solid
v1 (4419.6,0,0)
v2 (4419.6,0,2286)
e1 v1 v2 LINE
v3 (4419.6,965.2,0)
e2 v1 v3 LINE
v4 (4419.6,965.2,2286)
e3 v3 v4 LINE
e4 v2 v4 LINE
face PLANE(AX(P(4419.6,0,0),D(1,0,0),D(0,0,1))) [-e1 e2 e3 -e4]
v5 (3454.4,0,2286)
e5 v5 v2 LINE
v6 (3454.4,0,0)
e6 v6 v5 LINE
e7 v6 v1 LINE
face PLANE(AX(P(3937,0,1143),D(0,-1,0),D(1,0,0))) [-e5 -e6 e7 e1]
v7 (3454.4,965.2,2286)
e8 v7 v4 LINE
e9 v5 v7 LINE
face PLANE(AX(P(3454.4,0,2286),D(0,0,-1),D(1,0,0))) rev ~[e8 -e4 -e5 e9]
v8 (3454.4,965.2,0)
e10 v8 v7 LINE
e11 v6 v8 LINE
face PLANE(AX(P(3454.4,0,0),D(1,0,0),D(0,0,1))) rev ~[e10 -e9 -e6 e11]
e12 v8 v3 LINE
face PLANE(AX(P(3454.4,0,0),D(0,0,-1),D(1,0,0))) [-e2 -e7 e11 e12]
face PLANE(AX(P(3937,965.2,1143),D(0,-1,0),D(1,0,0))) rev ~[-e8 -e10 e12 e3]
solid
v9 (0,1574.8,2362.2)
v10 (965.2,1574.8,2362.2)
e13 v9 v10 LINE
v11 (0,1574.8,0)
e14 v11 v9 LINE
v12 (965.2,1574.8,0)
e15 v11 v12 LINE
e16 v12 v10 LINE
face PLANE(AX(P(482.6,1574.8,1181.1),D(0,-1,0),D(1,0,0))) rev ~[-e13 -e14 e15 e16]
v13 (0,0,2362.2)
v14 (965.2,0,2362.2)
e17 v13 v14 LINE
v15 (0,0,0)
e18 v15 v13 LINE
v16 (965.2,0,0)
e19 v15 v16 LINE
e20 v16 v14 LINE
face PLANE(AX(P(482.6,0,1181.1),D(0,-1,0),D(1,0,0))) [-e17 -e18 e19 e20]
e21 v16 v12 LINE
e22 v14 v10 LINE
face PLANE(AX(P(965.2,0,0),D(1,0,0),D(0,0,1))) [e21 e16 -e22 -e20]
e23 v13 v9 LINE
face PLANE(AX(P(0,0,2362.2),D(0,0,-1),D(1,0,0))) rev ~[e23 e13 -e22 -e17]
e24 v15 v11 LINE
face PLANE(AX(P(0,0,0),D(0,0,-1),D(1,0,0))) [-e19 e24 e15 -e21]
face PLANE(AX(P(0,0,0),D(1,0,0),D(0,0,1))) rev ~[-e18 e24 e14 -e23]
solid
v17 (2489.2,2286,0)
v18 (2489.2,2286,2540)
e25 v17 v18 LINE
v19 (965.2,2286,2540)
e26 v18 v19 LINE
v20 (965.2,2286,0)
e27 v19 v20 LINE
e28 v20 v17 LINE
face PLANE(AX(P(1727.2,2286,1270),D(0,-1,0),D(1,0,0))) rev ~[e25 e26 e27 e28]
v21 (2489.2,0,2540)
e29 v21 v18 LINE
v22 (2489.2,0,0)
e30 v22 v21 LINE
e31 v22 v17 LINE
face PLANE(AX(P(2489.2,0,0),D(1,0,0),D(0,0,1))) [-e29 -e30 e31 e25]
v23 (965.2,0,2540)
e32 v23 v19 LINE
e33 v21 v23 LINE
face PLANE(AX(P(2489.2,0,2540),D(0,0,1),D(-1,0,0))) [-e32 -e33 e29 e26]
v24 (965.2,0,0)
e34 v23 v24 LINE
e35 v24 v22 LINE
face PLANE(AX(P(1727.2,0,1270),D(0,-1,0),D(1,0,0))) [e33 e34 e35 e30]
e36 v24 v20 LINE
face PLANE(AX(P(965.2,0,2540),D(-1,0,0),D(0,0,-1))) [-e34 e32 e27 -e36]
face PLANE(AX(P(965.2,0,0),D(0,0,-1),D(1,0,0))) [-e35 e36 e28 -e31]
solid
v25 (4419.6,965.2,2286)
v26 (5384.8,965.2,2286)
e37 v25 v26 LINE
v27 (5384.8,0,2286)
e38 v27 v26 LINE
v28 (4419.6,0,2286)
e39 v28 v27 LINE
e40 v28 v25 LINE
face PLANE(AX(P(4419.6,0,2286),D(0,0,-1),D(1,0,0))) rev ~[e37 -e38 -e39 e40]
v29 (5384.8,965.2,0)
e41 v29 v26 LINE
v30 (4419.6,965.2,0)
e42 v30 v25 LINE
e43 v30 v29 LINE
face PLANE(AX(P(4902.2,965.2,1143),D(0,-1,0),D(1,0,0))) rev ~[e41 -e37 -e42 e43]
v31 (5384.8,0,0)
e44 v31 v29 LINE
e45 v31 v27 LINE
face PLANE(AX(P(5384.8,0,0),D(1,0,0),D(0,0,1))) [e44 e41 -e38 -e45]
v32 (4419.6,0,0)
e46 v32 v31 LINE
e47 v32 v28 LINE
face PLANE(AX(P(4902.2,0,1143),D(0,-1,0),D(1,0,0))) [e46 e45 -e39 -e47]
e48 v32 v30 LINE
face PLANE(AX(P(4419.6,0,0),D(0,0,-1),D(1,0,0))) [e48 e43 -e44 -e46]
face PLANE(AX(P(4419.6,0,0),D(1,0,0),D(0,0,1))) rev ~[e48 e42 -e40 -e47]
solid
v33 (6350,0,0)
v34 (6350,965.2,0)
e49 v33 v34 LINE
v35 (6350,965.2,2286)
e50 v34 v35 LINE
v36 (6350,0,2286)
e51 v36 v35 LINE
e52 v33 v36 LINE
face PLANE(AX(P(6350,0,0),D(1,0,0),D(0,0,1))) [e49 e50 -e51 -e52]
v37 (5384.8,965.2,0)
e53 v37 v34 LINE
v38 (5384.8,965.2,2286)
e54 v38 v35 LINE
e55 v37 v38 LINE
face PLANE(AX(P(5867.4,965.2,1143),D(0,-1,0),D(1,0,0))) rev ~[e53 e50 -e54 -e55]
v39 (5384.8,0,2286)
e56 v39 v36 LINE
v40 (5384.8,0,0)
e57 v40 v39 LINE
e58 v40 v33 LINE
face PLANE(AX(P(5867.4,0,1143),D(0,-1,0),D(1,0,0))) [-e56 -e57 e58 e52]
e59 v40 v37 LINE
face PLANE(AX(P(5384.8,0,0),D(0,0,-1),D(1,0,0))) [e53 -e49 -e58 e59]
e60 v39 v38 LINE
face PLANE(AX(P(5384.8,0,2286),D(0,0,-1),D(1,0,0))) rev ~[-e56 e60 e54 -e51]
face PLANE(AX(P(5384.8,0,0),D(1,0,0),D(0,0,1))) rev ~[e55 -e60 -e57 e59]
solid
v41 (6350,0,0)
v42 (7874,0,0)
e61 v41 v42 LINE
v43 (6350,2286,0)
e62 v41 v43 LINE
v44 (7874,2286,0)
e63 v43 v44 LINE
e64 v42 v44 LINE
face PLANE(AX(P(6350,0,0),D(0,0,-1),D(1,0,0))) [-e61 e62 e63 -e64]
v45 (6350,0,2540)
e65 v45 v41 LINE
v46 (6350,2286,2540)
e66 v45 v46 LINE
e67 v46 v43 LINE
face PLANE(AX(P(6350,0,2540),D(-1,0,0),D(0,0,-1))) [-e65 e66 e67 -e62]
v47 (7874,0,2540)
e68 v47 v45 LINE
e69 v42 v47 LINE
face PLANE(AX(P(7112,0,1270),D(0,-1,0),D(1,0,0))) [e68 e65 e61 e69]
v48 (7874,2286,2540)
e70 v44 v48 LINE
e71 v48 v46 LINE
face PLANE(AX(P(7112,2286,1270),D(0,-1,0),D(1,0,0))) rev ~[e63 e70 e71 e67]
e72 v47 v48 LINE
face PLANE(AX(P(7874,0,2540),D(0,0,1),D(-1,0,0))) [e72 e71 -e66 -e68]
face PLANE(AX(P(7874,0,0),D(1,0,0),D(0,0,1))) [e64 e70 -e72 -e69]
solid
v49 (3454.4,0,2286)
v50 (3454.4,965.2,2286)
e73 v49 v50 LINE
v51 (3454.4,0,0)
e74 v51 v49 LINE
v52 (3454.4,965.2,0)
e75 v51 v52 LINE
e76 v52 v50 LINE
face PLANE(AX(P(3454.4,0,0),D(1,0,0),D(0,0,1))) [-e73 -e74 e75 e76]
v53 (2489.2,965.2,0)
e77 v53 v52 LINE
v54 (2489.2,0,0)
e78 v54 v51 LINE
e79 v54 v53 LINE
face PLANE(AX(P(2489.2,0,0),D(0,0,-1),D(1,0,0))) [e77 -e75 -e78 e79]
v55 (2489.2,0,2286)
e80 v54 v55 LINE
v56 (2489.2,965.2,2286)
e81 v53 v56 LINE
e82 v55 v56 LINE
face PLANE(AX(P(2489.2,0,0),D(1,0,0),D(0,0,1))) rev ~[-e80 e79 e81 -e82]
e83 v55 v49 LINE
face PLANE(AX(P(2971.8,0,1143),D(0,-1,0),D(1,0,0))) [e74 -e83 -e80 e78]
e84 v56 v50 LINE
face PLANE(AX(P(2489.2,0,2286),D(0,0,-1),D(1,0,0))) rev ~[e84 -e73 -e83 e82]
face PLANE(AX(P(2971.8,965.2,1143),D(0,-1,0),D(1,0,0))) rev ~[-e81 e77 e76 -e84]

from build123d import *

# Parameters (mm, degrees)
F0_W     = 965.2
F0_H     = 2362.2
F1_DEPTH = 1574.8
F2_DEPTH = 2286
F0_H_2   = 2286
F3_DEPTH = 965.2
F4_DEPTH = 965.2
F5_DEPTH = 965.2
F6_DEPTH = 965.2
F7_DEPTH = 2286


with BuildPart() as f1:
    # F0 (on Front) → F1 (new body)
    with BuildSketch(Plane.XZ):
        with Locations((482.6, 1181.1)):
            Rectangle(F0_W, F0_H)
    extrude(amount=-F1_DEPTH)


with BuildPart() as f2:
    # F0 (on Front) → F2 (new body)
    with BuildSketch(Plane.XZ):
        Polygon((965.2, 2362.2), (965.2, 0), (2489.2, 0), (2489.2, 2286), (2489.2, 2540), (965.2, 2540), align=None)
    extrude(amount=-F2_DEPTH)


with BuildPart() as f3:
    # F0 (on Front) → F3 (new body)
    with BuildSketch(Plane.XZ):
        with Locations((2971.8, 1143)):
            Rectangle(F0_W, F0_H_2)
    extrude(amount=-F3_DEPTH)


with BuildPart() as f4:
    # F0 (on Front) → F4 (new body)
    with BuildSketch(Plane.XZ):
        with Locations((3937, 1143)):
            Rectangle(F0_W, F0_H_2)
    extrude(amount=-F4_DEPTH)


with BuildPart() as f5:
    # F0 (on Front) → F5 (new body)
    with BuildSketch(Plane.XZ):
        with Locations((4902.2, 1143)):
            Rectangle(F0_W, F0_H_2)
    extrude(amount=-F5_DEPTH)


with BuildPart() as f6:
    # F0 (on Front) → F6 (new body)
    with BuildSketch(Plane.XZ):
        with Locations((5867.4, 1143)):
            Rectangle(F0_W, F0_H_2)
    extrude(amount=-F6_DEPTH)


with BuildPart() as f7:
    # F0 (on Front) → F7 (new body)
    with BuildSketch(Plane.XZ):
        Polygon((6350, 2286), (6350, 0), (7874, 0), (7874, 2540), (6350, 2540), align=None)
    extrude(amount=-F7_DEPTH)


solid = Compound([f1.part, f2.part, f3.part, f4.part, f5.part, f6.part, f7.part])
